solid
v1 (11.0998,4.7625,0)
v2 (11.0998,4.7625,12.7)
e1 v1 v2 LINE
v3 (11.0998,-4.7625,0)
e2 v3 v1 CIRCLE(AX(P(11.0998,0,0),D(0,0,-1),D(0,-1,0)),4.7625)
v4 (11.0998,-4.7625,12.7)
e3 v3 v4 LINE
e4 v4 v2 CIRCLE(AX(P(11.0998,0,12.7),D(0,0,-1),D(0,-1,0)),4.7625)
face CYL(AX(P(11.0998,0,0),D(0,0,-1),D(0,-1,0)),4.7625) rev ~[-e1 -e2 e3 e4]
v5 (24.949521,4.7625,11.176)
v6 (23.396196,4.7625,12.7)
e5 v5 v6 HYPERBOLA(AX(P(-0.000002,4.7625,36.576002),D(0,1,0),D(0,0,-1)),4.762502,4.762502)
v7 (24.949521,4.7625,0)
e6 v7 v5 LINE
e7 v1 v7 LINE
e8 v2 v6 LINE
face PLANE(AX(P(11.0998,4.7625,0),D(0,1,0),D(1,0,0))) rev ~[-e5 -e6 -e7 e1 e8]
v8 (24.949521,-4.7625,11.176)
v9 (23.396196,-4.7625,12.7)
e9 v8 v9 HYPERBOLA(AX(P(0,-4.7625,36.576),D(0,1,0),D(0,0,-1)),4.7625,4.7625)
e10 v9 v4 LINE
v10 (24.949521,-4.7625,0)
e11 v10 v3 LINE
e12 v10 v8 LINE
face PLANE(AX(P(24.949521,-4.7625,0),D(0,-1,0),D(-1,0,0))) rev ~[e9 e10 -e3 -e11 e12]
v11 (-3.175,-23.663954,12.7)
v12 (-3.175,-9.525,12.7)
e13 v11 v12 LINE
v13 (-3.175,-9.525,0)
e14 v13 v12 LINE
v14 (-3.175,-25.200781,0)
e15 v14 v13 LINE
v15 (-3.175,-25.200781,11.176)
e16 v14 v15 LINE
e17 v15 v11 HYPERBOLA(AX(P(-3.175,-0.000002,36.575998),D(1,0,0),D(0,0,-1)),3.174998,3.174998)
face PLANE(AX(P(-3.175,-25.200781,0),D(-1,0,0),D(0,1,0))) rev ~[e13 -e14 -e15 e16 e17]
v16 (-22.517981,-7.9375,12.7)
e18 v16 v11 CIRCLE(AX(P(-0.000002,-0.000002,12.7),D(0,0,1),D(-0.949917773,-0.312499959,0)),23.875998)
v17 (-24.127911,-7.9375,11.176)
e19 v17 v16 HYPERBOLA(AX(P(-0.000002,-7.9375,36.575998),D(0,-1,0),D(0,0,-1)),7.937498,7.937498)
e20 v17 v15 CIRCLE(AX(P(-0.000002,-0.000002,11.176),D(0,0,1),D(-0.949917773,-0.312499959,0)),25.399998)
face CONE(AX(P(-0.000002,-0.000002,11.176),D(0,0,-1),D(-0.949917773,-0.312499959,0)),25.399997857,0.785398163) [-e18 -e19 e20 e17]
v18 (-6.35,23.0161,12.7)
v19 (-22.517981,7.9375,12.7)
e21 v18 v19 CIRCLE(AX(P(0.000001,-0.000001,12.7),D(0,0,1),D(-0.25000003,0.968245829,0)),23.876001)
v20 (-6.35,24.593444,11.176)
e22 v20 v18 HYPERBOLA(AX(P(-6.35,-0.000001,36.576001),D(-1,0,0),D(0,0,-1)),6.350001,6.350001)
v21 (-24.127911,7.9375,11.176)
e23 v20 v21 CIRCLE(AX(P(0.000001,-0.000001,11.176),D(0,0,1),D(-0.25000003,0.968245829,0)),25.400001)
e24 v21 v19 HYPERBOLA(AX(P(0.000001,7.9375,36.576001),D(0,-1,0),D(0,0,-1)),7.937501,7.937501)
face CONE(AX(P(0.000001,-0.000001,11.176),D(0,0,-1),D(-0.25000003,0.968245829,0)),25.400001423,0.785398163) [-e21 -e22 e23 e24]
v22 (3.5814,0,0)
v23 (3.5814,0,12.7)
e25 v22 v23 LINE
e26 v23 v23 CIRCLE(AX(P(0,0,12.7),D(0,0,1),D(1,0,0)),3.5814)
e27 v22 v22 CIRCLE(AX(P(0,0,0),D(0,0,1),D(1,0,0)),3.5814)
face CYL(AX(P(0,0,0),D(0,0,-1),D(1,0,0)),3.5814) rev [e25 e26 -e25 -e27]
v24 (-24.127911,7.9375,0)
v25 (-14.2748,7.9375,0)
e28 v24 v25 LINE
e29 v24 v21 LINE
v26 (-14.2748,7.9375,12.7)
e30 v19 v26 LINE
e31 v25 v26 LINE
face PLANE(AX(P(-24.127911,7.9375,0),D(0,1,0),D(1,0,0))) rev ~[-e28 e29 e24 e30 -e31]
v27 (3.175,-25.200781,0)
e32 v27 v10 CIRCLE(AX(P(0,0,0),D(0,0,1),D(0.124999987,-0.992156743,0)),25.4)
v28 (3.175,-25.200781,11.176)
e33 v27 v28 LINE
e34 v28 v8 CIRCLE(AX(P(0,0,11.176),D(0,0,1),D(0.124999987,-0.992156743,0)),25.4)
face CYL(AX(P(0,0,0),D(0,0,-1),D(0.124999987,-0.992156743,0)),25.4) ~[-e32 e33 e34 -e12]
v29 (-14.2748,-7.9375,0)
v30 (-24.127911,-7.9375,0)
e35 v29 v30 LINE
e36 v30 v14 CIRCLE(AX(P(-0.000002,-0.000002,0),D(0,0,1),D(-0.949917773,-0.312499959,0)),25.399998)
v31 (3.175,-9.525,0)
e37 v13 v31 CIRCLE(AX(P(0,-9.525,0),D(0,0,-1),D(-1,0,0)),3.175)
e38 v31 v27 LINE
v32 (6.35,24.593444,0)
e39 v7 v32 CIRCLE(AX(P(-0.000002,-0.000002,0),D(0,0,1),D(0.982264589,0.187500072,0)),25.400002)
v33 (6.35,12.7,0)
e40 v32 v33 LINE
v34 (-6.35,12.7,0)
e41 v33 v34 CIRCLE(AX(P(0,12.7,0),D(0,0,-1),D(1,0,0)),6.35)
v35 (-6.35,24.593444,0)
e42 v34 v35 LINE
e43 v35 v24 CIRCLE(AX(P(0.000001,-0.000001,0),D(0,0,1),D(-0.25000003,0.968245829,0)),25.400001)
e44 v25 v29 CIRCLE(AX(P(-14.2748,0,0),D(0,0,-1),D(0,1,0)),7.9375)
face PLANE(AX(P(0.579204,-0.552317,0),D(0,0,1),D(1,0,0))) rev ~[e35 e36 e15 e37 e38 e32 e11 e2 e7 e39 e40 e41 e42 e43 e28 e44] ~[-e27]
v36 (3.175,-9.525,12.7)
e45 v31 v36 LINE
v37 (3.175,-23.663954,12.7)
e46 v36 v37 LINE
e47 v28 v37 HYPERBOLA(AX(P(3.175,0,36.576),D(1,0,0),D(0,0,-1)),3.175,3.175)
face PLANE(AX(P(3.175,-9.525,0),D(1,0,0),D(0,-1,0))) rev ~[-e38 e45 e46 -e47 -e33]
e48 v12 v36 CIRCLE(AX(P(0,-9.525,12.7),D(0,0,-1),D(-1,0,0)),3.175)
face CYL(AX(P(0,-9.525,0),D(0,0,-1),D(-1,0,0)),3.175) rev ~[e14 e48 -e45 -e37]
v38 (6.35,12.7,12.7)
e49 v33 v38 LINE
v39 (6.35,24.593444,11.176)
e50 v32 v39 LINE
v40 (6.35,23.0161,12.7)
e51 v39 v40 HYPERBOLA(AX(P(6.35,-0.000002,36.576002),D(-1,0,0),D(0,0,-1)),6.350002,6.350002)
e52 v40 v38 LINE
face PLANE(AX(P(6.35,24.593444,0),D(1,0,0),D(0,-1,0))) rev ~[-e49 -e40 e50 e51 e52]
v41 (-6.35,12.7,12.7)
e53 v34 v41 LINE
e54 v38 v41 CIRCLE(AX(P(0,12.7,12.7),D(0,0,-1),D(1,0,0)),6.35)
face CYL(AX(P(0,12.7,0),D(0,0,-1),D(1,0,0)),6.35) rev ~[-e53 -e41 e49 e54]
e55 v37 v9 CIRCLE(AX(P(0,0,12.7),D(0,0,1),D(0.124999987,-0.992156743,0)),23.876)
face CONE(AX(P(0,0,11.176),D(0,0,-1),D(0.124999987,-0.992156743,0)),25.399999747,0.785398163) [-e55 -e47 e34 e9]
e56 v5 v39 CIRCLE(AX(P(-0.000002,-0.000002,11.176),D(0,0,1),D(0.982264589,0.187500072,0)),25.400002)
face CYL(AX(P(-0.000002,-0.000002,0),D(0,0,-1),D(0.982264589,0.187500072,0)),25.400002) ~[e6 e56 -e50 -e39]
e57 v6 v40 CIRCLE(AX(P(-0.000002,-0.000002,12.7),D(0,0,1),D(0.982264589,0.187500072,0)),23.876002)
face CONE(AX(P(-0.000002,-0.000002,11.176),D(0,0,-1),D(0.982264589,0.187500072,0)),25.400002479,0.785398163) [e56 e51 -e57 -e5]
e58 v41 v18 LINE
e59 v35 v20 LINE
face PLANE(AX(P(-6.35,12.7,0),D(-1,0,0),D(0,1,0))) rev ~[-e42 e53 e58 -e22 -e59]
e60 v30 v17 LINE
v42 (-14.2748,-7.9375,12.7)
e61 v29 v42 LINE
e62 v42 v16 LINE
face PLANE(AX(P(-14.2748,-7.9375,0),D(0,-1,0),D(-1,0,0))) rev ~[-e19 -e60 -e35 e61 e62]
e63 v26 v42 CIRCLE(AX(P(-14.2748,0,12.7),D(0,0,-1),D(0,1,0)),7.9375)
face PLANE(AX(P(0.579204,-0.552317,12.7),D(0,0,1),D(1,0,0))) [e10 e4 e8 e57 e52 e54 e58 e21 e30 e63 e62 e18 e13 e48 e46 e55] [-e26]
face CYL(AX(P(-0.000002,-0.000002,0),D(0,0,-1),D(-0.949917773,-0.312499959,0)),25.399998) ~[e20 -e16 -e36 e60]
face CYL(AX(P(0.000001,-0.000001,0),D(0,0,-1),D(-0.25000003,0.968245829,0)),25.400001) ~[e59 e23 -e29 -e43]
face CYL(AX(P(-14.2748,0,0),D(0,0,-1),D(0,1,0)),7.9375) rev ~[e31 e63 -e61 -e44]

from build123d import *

# Parameters (mm, degrees)
F0_R     = 3.5814
F1_DEPTH = 12.7
F2_SIZE2 = 1.524
F2_SIZE  = 1.524


with BuildPart() as f1:
    # F0 (on Top) → F1 (new body)
    with BuildSketch(Plane.XY):
        with BuildLine():
            Line((-14.2748, -7.9375), (-24.127911, -7.9375))
            ThreePointArc((-24.127911, -7.9375), (-16.151392, -19.603381), (-3.175, -25.200781))
            Line((-3.175, -25.200781), (-3.175, -9.525))
            ThreePointArc((-3.175, -9.525), (0, -6.35), (3.175, -9.525))
            Line((3.175, -9.525), (3.175, -25.200781))
            ThreePointArc((3.175, -25.200781), (17.383268, -18.519773), (24.949521, -4.7625))
            Line((24.949521, -4.7625), (11.0998, -4.7625))
            ThreePointArc((11.0998, -4.7625), (6.3373, 0), (11.0998, 4.7625))
            Line((11.0998, 4.7625), (24.949521, 4.7625))
            ThreePointArc((24.949521, 4.7625), (18.52651, 17.376087), (6.35, 24.593444))
            Line((6.35, 24.593444), (6.35, 12.7))
            ThreePointArc((6.35, 12.7), (0, 6.35), (-6.35, 12.7))
            Line((-6.35, 12.7), (-6.35, 24.593444))
            ThreePointArc((-6.35, 24.593444), (-17.366084, 18.535887), (-24.127911, 7.9375))
            Line((-24.127911, 7.9375), (-14.2748, 7.9375))
            ThreePointArc((-14.2748, 7.9375), (-6.3373, 0), (-14.2748, -7.9375))
        make_face()
        Circle(F0_R, mode=Mode.SUBTRACT)
    extrude(amount=F1_DEPTH)

    # F2
    f2_edges = [f1.edges().sort_by_distance(p)[0] for p in [
        (-17.366084, 18.535887, 12.7),
        (18.52651, 17.376087, 12.7),
        (17.383268, -18.519773, 12.7),
        (-16.151392, -19.603381, 12.7),
    ]]
    chamfer(f2_edges, length=F2_SIZE, length2=F2_SIZE2)


solid = f1.part
